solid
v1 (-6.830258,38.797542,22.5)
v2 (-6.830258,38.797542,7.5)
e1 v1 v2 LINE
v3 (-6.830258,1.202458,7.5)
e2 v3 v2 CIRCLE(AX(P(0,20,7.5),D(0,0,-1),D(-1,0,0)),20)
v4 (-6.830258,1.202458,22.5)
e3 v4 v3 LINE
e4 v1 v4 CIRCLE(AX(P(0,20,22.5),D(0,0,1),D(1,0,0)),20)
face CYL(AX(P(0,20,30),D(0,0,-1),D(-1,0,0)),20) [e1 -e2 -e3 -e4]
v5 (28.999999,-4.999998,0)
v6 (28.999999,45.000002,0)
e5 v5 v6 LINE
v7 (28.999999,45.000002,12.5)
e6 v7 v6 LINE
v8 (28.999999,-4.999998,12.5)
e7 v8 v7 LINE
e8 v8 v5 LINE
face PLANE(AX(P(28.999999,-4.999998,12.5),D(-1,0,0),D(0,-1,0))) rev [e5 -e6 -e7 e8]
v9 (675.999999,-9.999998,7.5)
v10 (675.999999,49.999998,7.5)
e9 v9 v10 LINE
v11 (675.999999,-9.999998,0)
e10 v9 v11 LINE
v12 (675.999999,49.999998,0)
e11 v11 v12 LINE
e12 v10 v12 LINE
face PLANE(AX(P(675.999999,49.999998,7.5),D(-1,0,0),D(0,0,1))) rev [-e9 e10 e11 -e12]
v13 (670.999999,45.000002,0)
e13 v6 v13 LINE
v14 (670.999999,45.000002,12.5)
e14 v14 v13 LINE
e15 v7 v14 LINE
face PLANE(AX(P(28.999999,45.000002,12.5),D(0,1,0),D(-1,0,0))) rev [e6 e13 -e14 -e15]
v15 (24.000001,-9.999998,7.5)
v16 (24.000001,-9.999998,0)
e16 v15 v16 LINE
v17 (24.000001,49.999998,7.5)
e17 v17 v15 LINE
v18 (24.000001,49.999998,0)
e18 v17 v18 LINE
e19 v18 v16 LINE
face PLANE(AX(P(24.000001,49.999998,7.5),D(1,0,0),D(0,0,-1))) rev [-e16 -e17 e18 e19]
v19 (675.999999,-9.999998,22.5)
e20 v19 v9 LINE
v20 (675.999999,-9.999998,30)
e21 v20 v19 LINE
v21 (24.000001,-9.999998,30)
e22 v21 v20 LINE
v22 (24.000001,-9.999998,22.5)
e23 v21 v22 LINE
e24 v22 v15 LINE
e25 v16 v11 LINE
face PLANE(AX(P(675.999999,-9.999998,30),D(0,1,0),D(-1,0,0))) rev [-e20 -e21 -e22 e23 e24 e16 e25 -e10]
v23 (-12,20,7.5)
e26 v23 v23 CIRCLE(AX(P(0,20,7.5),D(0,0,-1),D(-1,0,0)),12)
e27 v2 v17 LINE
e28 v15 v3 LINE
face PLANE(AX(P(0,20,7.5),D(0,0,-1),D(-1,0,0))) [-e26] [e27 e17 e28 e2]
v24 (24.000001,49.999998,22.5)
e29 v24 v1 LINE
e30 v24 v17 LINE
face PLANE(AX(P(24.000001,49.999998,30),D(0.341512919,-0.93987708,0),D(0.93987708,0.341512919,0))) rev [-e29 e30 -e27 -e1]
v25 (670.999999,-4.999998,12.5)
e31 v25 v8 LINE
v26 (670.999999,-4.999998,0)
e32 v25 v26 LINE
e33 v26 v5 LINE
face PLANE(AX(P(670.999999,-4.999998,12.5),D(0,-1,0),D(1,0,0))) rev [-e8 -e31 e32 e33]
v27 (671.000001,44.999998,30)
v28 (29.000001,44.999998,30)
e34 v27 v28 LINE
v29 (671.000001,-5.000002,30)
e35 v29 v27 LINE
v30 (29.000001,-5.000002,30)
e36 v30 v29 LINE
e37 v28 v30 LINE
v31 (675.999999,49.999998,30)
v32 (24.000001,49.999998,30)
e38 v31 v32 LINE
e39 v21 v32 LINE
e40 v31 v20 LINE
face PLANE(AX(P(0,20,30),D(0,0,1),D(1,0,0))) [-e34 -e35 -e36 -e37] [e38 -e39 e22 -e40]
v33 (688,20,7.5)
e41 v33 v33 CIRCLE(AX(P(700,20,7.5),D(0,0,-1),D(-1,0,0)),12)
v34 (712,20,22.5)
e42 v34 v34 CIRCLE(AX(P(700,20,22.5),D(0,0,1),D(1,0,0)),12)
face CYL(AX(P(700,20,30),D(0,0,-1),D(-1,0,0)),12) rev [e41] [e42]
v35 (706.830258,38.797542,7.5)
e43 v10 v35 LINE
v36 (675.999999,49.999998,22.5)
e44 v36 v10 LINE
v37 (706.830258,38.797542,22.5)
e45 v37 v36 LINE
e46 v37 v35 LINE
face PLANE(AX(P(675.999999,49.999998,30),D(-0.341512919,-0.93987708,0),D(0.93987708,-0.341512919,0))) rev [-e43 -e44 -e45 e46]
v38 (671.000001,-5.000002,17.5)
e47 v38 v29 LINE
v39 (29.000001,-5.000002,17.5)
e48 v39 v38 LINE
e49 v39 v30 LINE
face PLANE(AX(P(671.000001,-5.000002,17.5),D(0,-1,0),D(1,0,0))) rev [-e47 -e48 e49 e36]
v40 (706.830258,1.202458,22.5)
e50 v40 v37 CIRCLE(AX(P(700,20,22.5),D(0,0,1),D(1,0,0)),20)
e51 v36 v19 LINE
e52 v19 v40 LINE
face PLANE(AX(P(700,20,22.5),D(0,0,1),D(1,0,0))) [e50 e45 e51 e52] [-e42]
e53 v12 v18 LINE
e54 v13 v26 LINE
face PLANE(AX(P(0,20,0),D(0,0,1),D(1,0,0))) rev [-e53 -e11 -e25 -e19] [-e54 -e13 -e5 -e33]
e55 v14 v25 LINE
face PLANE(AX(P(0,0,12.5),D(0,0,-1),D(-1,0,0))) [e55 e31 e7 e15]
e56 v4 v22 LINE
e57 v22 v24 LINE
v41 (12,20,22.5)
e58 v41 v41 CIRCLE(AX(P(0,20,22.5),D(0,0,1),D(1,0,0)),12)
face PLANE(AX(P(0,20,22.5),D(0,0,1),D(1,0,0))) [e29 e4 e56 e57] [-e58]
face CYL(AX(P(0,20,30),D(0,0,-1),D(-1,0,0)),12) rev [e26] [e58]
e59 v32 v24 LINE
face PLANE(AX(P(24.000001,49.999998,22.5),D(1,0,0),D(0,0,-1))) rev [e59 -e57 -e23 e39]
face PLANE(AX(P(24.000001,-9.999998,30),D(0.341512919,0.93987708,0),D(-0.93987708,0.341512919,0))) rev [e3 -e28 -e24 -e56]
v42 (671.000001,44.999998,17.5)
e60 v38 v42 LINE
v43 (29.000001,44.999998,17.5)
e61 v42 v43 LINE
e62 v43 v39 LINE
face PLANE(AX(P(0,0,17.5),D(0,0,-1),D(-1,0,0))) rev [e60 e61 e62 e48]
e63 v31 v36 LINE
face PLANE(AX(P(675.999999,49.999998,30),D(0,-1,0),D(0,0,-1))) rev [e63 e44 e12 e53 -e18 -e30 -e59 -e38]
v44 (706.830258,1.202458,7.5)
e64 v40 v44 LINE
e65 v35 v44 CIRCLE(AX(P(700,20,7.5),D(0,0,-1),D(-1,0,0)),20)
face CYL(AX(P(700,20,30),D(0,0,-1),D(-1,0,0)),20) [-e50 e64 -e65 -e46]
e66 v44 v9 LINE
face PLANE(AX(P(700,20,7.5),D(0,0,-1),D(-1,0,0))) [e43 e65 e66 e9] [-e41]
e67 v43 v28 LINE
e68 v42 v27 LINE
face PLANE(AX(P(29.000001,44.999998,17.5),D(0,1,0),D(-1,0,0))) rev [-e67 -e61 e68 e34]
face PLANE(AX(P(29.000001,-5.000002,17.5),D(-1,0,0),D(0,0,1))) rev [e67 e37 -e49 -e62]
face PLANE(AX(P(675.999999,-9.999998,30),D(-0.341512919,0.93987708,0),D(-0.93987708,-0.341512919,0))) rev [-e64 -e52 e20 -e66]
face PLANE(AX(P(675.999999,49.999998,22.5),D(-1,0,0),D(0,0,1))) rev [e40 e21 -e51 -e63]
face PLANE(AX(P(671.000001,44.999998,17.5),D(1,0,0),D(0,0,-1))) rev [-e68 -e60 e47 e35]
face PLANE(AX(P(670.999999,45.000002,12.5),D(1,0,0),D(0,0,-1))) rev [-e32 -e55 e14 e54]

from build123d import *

# Parameters (mm, degrees)
SKETCH_1_R          = 12
EXTRUDE_1_DEPTH     = 30
CUT_EXTRUDE_START   = -7.5
SKETCH_2_R          = 12
CUT_EXTRUDE_1_DEPTH = 7.5
CUT_EXTRUDE_2_DEPTH = 7.5
SKETCH_4_W          = 642
SKETCH_4_H          = 50
CUT_EXTRUDE_3_DEPTH = 12.5
SKETCH_5_W          = 642
SKETCH_5_H          = 50
CUT_EXTRUDE_4_DEPTH = 12.5


with BuildPart() as part:
    # 草图1 → 凸台-拉伸1 (new body)
    with BuildSketch(Plane.XY):
        with BuildLine():
            Line((675.999999195, -9.999997784), (706.830258378, 1.202458393))
            ThreePointArc((706.830258378, 1.202458393), (720, 20), (706.830258378, 38.797541607))
            Line((706.830258378, 38.797541607), (675.999999195, 49.999997784))
            Line((675.999999195, 49.999997784), (24.000000805, 49.999997784))
            Line((24.000000805, 49.999997784), (-6.830258378, 38.797541607))
            ThreePointArc((-6.830258378, 38.797541607), (-20, 20), (-6.830258378, 1.202458393))
            Line((-6.830258378, 1.202458393), (24.000000805, -9.999997784))
            Line((24.000000805, -9.999997784), (675.999999195, -9.999997784))
        make_face()
        with Locations((0, 20)):
            Circle(SKETCH_1_R, mode=Mode.SUBTRACT)
        with Locations(Location((700, 20, 0), (0, 0, 180))):
            Circle(SKETCH_1_R, mode=Mode.SUBTRACT)
    extrude(amount=EXTRUDE_1_DEPTH)

    # 草图2 → 切除-拉伸1 (cut)
    # profile 1 of 2: a face of its own
    with BuildSketch(Plane.XY.offset(30).offset(CUT_EXTRUDE_START)):
        with BuildLine():
            Line((24.000000805, 49.999997784), (-6.830258378, 38.797541607))
            ThreePointArc((-6.830258378, 38.797541607), (-20, 20), (-6.830258378, 1.202458393))
            Line((-6.830258378, 1.202458393), (24.000000805, -9.999997784))
            Line((24.000000805, -9.999997784), (24.000000805, 49.999997784))
        make_face()
        with Locations((0, 20)):
            Circle(SKETCH_2_R, mode=Mode.SUBTRACT)
    # profile 2 of 2: a face of its own
    with BuildSketch(Plane.XY.offset(30).offset(CUT_EXTRUDE_START)):
        with BuildLine():
            Line((706.830258378, 38.797541607), (675.999999195, 49.999997784))
            Line((675.999999195, 49.999997784), (675.999999195, -9.999997784))
            Line((675.999999195, -9.999997784), (706.830258378, 1.202458393))
            ThreePointArc((706.830258378, 1.202458393), (720, 20), (706.830258378, 38.797541607))
        make_face()
    extrude(amount=CUT_EXTRUDE_1_DEPTH, mode=Mode.SUBTRACT)

    # 草图3 → 切除-拉伸2 (cut)
    with BuildSketch(Plane(origin=(0, 0, 0), x_dir=(-1, 0, 0), z_dir=(0, 0, -1))):
        with BuildLine():
            Line((6.830258378, 38.797541607), (-24.000000805, 49.999997784))
            Line((-24.000000805, 49.999997784), (-24.000000805, -9.999997784))
            Line((-24.000000805, -9.999997784), (6.830258378, 1.202458393))
            ThreePointArc((6.830258378, 1.202458393), (20, 20), (6.830258378, 38.797541607))
        make_face()
        with BuildLine():
            Line((-706.830258378, 38.797541607), (-675.999999195, 49.999997784))
            Line((-675.999999195, 49.999997784), (-675.999999195, -9.999997784))
            Line((-675.999999195, -9.999997784), (-706.830258378, 1.202458393))
            ThreePointArc((-706.830258378, 1.202458393), (-720, 20), (-706.830258378, 38.797541607))
        make_face()
    extrude(amount=-CUT_EXTRUDE_2_DEPTH, mode=Mode.SUBTRACT)

    # 草图4 → 切除-拉伸3 (cut)
    with BuildSketch(Plane(origin=(0, 0, 0), x_dir=(-1, 0, 0), z_dir=(0, 0, -1))):
        with Locations((-349.999999195, 20.000002216)):
            Rectangle(SKETCH_4_W, SKETCH_4_H)
    extrude(amount=-CUT_EXTRUDE_3_DEPTH, mode=Mode.SUBTRACT)

    # 草图5 → 切除-拉伸4 (cut)
    with BuildSketch(Plane.XY.offset(30)):
        with Locations((350.000000805, 19.999997784)):
            Rectangle(SKETCH_5_W, SKETCH_5_H)
    extrude(amount=-CUT_EXTRUDE_4_DEPTH, mode=Mode.SUBTRACT)


solid = part.part
